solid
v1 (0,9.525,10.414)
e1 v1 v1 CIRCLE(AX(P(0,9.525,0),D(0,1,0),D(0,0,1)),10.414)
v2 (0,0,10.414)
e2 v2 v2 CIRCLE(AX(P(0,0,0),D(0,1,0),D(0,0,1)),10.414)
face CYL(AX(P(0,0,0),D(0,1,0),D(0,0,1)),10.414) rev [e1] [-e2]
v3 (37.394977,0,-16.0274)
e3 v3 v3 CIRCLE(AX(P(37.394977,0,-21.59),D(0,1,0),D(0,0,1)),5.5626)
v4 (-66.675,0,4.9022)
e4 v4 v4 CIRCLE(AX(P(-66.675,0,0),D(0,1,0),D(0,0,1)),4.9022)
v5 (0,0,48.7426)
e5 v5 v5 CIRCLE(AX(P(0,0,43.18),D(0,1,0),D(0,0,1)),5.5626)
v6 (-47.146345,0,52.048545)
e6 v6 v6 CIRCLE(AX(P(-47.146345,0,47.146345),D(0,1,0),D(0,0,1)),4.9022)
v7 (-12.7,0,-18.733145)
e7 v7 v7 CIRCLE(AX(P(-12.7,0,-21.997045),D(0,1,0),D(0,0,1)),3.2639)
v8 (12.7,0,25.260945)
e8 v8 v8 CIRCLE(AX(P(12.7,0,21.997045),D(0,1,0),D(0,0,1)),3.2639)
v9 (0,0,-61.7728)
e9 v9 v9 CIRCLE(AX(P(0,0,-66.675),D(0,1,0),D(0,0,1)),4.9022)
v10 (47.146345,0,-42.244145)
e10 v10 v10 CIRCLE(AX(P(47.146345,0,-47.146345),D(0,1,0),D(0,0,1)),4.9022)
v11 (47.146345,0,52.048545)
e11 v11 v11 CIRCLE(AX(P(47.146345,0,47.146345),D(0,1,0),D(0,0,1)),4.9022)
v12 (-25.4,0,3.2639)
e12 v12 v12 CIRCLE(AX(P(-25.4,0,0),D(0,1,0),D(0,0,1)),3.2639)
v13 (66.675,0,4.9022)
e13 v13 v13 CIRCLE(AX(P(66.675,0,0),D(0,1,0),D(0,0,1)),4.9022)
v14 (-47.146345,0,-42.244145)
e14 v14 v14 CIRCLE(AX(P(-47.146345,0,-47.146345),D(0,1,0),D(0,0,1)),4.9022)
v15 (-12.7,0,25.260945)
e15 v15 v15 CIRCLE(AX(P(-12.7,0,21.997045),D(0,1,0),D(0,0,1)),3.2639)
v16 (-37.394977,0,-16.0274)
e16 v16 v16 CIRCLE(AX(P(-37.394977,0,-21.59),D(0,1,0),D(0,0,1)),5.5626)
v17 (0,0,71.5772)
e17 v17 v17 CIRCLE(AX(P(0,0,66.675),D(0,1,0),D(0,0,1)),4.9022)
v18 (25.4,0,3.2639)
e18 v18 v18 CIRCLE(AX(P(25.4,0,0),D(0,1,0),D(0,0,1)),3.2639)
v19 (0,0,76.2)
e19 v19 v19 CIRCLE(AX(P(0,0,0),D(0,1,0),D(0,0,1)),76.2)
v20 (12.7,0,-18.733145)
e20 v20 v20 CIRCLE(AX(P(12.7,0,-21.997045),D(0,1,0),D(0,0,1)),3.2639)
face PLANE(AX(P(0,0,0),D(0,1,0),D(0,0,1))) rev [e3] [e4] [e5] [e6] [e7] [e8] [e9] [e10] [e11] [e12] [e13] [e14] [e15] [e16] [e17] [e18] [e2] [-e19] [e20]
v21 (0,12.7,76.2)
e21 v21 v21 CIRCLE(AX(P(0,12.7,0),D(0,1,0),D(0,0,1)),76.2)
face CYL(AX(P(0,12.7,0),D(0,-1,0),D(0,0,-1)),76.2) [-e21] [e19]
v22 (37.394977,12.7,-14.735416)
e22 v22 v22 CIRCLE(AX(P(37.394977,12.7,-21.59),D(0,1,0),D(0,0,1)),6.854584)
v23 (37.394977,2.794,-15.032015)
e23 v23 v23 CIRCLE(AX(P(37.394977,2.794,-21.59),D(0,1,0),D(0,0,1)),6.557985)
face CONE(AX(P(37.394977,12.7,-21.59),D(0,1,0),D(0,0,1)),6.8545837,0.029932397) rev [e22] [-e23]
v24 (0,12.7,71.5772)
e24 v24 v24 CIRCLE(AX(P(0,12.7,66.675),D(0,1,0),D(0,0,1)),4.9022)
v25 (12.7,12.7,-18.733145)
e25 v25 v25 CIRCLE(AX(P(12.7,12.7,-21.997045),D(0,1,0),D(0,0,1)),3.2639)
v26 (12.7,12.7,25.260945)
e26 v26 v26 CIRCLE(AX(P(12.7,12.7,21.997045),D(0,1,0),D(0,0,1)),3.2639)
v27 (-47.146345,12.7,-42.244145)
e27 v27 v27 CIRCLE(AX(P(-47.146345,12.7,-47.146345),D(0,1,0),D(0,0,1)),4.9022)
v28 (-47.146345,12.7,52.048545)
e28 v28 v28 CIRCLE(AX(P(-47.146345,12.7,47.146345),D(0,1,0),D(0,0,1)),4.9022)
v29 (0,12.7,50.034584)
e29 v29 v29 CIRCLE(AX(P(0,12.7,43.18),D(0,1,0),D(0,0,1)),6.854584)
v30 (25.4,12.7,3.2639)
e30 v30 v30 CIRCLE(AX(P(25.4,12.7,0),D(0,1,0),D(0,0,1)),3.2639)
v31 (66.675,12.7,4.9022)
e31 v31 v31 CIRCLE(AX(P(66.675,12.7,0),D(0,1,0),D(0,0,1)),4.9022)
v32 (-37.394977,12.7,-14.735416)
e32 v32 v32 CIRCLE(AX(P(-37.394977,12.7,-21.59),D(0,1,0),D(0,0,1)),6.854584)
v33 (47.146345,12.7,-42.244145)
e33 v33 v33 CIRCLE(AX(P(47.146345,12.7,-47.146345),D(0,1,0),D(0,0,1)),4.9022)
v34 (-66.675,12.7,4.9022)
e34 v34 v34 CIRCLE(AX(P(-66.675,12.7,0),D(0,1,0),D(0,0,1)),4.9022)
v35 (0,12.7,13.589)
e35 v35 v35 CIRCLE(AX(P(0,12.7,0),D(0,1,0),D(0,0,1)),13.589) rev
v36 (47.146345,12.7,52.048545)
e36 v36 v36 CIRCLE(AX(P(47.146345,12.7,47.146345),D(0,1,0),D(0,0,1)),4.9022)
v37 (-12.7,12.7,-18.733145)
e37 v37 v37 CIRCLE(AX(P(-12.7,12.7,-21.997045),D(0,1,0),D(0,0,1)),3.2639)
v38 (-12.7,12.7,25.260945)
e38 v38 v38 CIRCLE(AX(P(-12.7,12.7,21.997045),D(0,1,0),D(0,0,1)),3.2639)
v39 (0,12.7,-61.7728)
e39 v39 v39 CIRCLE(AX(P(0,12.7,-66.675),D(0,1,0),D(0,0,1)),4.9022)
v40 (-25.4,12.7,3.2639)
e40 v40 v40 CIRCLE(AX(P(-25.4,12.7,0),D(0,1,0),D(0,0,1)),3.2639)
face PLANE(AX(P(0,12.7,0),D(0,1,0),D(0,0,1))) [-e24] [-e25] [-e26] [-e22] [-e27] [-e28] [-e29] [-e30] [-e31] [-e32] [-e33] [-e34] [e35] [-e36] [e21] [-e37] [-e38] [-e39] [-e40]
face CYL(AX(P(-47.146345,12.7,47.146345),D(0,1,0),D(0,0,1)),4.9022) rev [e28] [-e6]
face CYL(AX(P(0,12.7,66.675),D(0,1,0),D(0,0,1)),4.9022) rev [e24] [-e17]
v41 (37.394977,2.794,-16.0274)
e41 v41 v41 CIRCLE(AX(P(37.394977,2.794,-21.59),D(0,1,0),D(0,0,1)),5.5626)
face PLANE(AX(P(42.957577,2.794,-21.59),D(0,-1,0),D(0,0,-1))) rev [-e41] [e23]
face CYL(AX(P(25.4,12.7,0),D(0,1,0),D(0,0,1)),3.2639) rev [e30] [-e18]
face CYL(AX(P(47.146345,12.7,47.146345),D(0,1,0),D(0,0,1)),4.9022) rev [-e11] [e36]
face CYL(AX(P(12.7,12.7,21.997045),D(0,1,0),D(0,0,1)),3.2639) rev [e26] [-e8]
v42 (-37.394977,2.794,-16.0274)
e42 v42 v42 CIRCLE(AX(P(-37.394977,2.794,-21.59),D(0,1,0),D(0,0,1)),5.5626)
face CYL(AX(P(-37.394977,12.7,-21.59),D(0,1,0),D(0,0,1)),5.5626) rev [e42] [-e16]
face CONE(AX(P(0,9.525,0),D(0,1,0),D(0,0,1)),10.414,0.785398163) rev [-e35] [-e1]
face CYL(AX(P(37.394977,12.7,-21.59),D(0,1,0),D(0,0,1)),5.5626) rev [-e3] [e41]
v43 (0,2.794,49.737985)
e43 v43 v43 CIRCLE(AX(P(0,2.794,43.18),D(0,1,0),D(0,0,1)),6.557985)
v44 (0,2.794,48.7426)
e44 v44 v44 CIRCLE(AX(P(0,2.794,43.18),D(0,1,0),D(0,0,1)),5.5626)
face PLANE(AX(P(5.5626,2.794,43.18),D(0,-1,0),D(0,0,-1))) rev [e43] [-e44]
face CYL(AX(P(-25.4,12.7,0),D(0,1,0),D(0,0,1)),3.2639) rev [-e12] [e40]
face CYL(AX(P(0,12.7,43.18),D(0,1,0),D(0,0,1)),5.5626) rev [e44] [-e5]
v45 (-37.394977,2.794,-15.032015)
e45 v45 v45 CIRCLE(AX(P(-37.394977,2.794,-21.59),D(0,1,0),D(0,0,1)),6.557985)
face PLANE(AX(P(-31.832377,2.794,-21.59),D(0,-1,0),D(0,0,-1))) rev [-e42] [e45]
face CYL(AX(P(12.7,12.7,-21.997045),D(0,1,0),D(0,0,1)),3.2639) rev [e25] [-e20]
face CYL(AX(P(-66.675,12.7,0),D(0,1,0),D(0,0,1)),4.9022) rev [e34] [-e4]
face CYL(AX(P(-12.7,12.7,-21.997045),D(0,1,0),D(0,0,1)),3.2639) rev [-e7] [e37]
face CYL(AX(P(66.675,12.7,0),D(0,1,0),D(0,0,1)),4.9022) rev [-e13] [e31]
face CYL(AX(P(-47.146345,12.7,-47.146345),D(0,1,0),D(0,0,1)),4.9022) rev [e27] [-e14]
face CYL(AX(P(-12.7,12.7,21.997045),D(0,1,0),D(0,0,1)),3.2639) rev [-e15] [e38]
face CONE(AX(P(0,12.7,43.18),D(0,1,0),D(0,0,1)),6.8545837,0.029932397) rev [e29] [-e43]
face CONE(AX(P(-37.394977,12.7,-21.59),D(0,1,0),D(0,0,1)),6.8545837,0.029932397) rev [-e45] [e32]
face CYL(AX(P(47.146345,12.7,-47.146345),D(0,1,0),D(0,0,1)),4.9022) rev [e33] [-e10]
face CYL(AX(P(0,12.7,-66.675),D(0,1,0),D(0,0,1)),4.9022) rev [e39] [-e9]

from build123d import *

# Parameters (mm, degrees)
SKETCH1_R                         = 76.2
BOSS_EXTRUDE1_DEPTH               = 12.7
F_3_8_CLEARANCE_HOLE1_D           = 9.8044
F_1_4_CLEARANCE_HOLE1_D           = 6.5278
F_1_4_NPT_TAPPED_HOLE1_AT_2_COUNT = 2
F_1_4_NPT_TAPPED_HOLE1_AT_2_PITCH = 74.789953871
F_1_4_NPT_TAPPED_HOLE1_AT_3_COUNT = 2
F_1_4_NPT_TAPPED_HOLE1_AT_3_PITCH = 74.789953871
SKETCH8_R                         = 10.414
CUT_EXTRUDE1_DEPTH                = 109.508847566
CHAMFER1_SIZE                     = 3.175


with BuildPart() as part:
    # Sketch1 → Boss-Extrude1 (new body)
    with BuildSketch(Plane(origin=(0, 0, 0), x_dir=(1, 0, 0), z_dir=(0, 1, 0))):
        with Locations(Location((0, 0, 0), (0, 0, 270))):
            Circle(SKETCH1_R)
    extrude(amount=BOSS_EXTRUDE1_DEPTH)

    # 3/8 Clearance Hole1 (through all)
    with Locations(Plane(origin=(0, 12.7, 0), x_dir=(1, 0, 0), z_dir=(0, 1, 0))):
        with Locations((47.146344636, -47.146344636), (66.675, 0), (47.146344636, 47.146344636), (0, 66.675), (-47.146344636, 47.146344636), (-66.675, 0), (-47.146344636, -47.146344636), (0, -66.675)):
            Hole(F_3_8_CLEARANCE_HOLE1_D / 2)

    # 1/4 Clearance Hole1 (through all)
    with Locations(Plane(origin=(0, 12.7, 0), x_dir=(1, 0, 0), z_dir=(0, 1, 0))):
        with Locations((12.7, -21.997045256), (25.4, 0), (12.7, 21.997045256), (-12.7, 21.997045256), (-25.4, 0), (-12.7, -21.997045256)):
            Hole(F_1_4_CLEARANCE_HOLE1_D / 2)

    # Sketch7 → 1/4 NPT Tapped Hole1 (revolve, cut)
    with BuildSketch(Plane(origin=(-37.394976935, 12.7, -21.59), x_dir=(0, 0, 1), z_dir=(1, 0, 0))):
        Polygon((0, 0), (0, 12.7), (5.5626, 12.7), (5.5626, 9.906), (6.557984794, 9.906), (6.8545837, 0), align=None)
    f_1_4_npt_tapped_hole1 = revolve(axis=Axis((-37.394976935, 19.05, -21.59), (0, -1, 0)), mode=Mode.SUBTRACT)

    # 1/4 NPT Tapped Hole1 at 2: 1/4 NPT Tapped Hole1 ×2
    with Locations(*[Vector(0.5000000000000003, 0, 0.8660254037844386) * (i * F_1_4_NPT_TAPPED_HOLE1_AT_2_PITCH) for i in range(1, F_1_4_NPT_TAPPED_HOLE1_AT_2_COUNT)]):
        add(f_1_4_npt_tapped_hole1, mode=Mode.SUBTRACT)

    # 1/4 NPT Tapped Hole1 at 3: 1/4 NPT Tapped Hole1 ×2
    with Locations(*[(i * F_1_4_NPT_TAPPED_HOLE1_AT_3_PITCH, 0, 0) for i in range(1, F_1_4_NPT_TAPPED_HOLE1_AT_3_COUNT)]):
        add(f_1_4_npt_tapped_hole1, mode=Mode.SUBTRACT)

    # Sketch8 → Cut-Extrude1 (cut, through all)
    with BuildSketch(Plane(origin=(0, 12.7, 0), x_dir=(1, 0, 0), z_dir=(0, 1, 0))):
        with Locations(Location((0, 0, 0), (0, 0, 270))):
            Circle(SKETCH8_R)
    extrude(amount=-CUT_EXTRUDE1_DEPTH, mode=Mode.SUBTRACT)

    # Chamfer1
    chamfer1_edges = [part.edges().sort_by_distance(p)[0] for p in [
        (0, 12.7, -10.414),
    ]]
    chamfer(chamfer1_edges, length=CHAMFER1_SIZE)


solid = part.part
